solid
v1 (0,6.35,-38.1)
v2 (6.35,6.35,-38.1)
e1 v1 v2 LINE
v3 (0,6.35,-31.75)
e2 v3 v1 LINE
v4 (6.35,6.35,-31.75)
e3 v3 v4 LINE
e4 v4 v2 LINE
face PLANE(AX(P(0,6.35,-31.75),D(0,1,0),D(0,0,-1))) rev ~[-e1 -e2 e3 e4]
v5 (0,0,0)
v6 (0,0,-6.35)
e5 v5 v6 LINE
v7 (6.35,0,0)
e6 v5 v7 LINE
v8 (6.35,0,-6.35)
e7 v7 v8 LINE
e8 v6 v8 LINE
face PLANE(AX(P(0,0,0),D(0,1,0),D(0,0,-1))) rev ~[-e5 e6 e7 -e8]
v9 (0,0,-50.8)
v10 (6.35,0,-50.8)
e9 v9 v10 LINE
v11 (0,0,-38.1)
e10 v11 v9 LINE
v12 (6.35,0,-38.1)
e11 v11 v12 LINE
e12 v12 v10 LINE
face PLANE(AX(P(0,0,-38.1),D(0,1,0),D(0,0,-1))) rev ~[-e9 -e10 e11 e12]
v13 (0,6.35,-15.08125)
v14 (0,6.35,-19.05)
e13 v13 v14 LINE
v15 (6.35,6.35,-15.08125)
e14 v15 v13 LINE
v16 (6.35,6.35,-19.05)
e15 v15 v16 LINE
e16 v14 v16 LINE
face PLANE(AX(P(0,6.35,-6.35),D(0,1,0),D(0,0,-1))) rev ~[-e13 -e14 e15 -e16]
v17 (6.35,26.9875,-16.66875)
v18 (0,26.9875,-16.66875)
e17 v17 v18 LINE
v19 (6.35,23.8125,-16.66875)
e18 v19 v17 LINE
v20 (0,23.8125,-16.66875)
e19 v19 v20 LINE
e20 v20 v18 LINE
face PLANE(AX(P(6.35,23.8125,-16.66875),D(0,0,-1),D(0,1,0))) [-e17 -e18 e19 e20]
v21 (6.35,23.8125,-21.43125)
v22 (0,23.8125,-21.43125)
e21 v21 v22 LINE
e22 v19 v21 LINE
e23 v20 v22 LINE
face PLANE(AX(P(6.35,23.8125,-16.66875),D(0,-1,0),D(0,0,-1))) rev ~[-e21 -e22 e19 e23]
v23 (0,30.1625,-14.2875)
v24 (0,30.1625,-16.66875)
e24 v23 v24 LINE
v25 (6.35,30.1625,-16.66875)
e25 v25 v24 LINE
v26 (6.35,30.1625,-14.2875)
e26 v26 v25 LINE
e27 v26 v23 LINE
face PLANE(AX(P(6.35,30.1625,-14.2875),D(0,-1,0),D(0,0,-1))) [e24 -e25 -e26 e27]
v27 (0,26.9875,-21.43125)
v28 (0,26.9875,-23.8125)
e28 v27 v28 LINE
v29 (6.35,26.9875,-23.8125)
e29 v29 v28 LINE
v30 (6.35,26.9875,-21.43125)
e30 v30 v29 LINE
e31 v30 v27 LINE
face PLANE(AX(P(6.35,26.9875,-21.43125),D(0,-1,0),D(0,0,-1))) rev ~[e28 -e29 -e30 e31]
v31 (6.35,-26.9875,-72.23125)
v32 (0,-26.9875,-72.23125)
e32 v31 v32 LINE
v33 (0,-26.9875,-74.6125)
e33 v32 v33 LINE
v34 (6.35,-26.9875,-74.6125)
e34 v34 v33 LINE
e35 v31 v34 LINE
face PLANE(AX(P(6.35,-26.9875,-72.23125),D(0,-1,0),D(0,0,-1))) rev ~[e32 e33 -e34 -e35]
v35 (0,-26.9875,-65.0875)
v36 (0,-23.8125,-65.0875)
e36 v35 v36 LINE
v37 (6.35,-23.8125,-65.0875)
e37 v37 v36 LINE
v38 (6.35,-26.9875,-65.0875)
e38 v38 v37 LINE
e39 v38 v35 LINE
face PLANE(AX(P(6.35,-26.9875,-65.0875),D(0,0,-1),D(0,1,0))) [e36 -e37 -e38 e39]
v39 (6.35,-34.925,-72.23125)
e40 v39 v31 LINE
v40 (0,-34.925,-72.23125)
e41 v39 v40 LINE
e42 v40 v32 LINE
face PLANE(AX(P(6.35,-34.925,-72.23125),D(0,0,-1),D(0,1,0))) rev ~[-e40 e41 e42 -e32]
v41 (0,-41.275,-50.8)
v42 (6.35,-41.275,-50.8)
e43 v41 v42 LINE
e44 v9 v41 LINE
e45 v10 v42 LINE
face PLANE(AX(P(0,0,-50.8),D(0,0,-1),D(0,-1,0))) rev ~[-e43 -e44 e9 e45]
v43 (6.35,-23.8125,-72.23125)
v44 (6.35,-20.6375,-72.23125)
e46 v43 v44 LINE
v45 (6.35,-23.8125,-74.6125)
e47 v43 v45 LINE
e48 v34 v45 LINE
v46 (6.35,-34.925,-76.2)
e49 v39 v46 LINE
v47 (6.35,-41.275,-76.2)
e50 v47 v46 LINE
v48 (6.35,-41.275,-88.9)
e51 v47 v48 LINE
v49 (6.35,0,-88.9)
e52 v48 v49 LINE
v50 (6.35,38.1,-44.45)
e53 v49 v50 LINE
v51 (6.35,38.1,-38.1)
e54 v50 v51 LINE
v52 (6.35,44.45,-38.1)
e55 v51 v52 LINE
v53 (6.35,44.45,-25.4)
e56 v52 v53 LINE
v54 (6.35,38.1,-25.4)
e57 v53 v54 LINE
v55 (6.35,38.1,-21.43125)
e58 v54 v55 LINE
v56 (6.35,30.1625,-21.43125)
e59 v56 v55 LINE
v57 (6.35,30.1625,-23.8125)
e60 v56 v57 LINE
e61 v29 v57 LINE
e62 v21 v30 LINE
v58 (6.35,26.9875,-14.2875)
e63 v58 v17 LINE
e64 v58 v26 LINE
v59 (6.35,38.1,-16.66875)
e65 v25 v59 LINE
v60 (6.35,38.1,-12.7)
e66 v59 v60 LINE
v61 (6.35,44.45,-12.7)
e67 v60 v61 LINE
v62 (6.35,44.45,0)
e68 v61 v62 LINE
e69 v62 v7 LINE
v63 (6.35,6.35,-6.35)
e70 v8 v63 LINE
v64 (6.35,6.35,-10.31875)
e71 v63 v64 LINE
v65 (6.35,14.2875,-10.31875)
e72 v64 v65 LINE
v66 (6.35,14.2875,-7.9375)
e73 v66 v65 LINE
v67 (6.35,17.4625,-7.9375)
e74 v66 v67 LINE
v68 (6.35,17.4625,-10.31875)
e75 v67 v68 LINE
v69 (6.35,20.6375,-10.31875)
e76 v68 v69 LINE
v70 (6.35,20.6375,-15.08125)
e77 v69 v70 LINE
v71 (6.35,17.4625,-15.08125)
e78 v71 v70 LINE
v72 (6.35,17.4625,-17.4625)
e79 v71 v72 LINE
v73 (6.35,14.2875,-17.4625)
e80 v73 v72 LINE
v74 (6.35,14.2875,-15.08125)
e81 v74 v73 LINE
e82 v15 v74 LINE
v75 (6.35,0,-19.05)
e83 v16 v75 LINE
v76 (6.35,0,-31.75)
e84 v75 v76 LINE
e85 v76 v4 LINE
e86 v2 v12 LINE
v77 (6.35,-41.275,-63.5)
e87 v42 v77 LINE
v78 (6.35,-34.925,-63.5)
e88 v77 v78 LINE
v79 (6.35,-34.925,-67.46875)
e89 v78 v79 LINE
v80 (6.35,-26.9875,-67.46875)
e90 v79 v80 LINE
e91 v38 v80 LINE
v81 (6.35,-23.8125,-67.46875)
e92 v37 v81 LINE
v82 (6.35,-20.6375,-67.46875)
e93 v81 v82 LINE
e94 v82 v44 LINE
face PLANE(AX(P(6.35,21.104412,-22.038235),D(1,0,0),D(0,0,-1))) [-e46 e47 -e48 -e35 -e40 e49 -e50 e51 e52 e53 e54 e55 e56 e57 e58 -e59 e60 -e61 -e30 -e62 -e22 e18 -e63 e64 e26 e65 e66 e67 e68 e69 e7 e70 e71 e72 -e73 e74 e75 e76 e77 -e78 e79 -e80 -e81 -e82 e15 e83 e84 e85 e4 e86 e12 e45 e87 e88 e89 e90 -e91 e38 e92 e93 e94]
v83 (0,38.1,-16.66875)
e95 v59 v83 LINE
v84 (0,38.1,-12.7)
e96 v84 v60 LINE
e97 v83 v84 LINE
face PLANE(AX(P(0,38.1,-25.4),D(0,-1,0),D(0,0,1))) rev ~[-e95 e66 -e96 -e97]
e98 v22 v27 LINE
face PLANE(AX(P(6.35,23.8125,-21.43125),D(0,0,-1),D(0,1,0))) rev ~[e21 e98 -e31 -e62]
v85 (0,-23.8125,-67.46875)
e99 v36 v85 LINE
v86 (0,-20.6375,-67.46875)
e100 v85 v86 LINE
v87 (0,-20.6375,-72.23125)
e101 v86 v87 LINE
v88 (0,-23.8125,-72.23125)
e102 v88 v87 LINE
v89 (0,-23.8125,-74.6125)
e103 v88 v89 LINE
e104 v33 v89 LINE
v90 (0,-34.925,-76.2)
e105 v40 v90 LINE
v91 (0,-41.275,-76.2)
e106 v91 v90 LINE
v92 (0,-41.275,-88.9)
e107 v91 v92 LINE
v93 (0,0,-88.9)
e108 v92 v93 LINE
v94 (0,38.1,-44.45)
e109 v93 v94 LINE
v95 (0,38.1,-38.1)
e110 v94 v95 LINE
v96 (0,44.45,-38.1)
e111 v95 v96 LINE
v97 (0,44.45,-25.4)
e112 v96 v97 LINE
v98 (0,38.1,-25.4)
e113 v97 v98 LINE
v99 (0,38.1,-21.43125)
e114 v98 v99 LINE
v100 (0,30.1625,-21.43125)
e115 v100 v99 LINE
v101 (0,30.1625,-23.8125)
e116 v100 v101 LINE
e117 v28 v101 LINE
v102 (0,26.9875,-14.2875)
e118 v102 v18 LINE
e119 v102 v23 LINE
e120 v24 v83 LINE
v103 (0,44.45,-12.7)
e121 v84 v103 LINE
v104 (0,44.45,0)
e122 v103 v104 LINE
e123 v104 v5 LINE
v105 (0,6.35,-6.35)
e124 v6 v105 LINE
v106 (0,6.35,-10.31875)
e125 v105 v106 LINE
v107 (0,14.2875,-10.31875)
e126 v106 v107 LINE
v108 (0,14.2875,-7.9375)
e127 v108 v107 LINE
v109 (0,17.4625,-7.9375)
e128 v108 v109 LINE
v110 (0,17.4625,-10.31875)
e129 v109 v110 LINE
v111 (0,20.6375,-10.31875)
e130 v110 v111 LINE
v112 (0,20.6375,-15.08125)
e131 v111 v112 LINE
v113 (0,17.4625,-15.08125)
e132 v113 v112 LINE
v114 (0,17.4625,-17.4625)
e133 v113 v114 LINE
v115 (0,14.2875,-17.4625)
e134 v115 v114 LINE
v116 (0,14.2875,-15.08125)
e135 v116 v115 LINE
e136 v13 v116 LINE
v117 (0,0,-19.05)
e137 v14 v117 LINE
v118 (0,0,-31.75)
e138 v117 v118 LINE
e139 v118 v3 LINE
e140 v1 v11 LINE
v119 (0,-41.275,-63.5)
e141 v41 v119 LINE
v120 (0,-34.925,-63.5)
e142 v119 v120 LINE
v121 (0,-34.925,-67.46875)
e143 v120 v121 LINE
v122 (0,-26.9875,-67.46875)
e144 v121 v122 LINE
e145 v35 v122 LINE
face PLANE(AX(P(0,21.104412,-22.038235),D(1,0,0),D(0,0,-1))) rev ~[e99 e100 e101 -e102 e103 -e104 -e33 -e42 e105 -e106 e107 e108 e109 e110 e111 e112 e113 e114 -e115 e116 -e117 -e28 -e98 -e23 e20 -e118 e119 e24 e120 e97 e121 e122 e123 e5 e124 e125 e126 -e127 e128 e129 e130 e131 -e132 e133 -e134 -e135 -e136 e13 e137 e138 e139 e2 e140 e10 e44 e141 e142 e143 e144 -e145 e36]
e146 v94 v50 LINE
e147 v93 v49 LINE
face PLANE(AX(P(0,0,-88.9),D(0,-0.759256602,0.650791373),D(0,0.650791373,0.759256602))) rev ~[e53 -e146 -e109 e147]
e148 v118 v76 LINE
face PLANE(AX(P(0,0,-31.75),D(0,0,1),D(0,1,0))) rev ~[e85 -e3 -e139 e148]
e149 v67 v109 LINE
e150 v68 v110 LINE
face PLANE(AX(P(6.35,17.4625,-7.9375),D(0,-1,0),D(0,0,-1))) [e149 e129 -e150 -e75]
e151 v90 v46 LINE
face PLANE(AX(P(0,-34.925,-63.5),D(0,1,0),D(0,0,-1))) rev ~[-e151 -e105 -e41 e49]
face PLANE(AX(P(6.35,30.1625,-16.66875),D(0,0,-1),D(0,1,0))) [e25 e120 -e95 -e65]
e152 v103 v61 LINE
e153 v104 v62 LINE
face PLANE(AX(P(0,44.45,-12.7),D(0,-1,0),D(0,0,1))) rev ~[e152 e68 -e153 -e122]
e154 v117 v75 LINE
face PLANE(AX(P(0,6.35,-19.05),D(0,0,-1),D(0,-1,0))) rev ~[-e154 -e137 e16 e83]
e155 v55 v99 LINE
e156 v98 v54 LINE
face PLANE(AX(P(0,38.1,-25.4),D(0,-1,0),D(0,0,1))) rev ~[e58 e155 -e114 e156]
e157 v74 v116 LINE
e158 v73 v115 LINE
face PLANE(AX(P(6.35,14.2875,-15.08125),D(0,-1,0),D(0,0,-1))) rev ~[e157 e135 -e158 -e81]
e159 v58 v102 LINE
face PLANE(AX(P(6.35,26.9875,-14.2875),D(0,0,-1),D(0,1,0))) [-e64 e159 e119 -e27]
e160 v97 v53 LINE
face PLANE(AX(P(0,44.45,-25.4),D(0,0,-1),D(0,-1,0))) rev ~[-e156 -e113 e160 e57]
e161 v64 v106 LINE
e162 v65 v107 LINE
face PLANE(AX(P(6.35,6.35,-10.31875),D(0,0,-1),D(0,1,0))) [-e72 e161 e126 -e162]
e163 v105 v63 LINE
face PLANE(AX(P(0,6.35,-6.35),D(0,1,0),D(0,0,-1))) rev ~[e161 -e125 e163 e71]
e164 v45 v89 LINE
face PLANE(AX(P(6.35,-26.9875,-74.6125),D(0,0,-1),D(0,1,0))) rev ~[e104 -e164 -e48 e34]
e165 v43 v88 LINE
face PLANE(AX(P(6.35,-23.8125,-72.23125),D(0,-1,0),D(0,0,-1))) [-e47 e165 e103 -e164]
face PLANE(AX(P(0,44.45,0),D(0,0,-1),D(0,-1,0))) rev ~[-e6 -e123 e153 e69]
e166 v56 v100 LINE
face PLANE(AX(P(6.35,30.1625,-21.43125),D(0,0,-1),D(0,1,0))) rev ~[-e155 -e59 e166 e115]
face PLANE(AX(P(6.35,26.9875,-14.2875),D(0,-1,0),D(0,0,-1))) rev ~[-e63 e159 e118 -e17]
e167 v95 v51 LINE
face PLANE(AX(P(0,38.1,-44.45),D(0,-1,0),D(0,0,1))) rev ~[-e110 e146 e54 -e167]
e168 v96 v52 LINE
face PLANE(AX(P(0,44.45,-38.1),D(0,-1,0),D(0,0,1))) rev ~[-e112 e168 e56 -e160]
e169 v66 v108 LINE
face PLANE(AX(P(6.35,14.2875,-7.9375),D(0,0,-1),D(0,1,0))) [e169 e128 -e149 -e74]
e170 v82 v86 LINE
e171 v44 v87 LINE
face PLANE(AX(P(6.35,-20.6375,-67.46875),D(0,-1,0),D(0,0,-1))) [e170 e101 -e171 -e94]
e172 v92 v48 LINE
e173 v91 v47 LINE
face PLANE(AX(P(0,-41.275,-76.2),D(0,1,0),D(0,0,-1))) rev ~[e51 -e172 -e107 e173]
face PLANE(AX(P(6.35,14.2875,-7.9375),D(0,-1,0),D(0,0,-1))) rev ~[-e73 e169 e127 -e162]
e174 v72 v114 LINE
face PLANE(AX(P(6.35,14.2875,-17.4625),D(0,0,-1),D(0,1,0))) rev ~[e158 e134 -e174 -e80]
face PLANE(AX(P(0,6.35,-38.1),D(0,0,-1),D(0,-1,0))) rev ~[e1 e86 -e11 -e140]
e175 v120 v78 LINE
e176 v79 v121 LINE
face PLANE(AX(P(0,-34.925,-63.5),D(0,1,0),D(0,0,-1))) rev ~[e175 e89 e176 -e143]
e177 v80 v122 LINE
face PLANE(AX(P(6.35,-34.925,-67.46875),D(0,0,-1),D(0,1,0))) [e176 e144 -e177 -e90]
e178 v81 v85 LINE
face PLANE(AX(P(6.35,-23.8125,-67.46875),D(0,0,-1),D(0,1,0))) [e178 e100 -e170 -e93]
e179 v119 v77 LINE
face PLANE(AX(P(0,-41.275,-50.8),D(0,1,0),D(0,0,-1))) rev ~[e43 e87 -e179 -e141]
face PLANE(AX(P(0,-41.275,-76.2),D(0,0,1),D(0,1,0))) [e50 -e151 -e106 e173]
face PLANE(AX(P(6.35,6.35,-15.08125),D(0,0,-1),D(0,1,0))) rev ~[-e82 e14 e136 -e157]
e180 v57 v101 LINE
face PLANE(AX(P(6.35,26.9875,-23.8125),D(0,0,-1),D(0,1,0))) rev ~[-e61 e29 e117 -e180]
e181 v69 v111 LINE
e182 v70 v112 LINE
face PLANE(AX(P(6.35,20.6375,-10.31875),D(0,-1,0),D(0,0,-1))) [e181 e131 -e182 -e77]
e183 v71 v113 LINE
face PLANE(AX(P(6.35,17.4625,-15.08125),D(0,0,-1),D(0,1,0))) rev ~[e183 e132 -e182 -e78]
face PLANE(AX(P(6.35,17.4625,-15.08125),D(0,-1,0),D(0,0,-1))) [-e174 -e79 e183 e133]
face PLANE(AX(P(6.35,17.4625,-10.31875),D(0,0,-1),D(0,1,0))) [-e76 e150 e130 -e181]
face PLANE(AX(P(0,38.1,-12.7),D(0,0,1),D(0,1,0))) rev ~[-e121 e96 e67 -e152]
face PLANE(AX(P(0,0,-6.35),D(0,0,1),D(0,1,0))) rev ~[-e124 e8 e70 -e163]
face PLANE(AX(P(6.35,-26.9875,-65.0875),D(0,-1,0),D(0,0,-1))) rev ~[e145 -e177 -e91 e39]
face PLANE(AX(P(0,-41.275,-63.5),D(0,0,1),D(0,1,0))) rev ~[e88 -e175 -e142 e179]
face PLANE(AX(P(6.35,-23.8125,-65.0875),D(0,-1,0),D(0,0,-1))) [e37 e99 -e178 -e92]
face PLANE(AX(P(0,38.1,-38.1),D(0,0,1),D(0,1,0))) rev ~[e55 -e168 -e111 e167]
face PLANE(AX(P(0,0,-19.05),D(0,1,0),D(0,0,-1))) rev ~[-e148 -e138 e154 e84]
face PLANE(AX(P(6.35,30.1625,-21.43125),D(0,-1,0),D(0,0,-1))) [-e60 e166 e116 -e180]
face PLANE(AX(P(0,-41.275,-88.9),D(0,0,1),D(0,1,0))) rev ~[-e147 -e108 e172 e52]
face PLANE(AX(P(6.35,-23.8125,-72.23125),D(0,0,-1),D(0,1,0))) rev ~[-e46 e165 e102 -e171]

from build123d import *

# Parameters (mm, degrees)
SKETCH1_W           = 12.7
SKETCH1_H           = 6.35
SKETCH1_W_2         = 38.1
SKETCH1_H_2         = 34.925
BOSS_EXTRUDE1_DEPTH = 6.35
SKETCH2_W           = 4.7625
SKETCH2_H           = 14.2875
SKETCH2_W_2         = 9.525
SKETCH2_H_2         = 3.175
CUT_EXTRUDE1_DEPTH  = 6.35


with BuildPart() as part:
    # Sketch1 → Boss-Extrude1 (new body)
    with BuildSketch(Plane(origin=(0, 0, 0), x_dir=(0, 0, -1), z_dir=(1, 0, 0))):
        Polygon((12.7, 38.1), (12.7, 44.45), (0, 44.45), (0, 0), (6.35, 0), (6.35, 6.35), (19.05, 6.35), (19.05, 0), (31.75, 0), (31.75, 6.35), (38.1, 6.35), (38.1, 0), (44.45, 0), (44.45, 38.1), (38.1, 38.1), (38.1, 44.45), (25.4, 44.45), (25.4, 38.1), align=None)
        Polygon((88.9, 0), (44.45, 38.1), (44.45, 0), (50.8, 0), align=None)
        with Locations((57.15, -38.1)):
            Rectangle(SKETCH1_W, SKETCH1_H)
        with Locations((69.85, -17.4625)):
            Rectangle(SKETCH1_W_2, SKETCH1_H_2)
        with Locations((82.55, -38.1)):
            Rectangle(SKETCH1_W, SKETCH1_H)
    extrude(amount=BOSS_EXTRUDE1_DEPTH)

    # Sketch2 → Cut-Extrude1 (cut)
    with BuildSketch(Plane(origin=(6.35, 0, 0), x_dir=(0, 0, -1), z_dir=(1, 0, 0))):
        with Locations((12.7, 13.49375)):
            Rectangle(SKETCH2_W, SKETCH2_H)
        with Locations((12.7, 15.875)):
            Rectangle(SKETCH2_W_2, SKETCH2_H_2)
        with Locations((19.05, 30.95625)):
            Rectangle(SKETCH2_W, SKETCH2_H)
        with Locations((19.05, 28.575)):
            Rectangle(SKETCH2_W_2, SKETCH2_H_2)
        with Locations((69.85, -27.78125)):
            Rectangle(SKETCH2_W, SKETCH2_H)
        with Locations((69.85, -25.4)):
            Rectangle(SKETCH2_W_2, SKETCH2_H_2)
    extrude(amount=-CUT_EXTRUDE1_DEPTH, mode=Mode.SUBTRACT)


solid = part.part
